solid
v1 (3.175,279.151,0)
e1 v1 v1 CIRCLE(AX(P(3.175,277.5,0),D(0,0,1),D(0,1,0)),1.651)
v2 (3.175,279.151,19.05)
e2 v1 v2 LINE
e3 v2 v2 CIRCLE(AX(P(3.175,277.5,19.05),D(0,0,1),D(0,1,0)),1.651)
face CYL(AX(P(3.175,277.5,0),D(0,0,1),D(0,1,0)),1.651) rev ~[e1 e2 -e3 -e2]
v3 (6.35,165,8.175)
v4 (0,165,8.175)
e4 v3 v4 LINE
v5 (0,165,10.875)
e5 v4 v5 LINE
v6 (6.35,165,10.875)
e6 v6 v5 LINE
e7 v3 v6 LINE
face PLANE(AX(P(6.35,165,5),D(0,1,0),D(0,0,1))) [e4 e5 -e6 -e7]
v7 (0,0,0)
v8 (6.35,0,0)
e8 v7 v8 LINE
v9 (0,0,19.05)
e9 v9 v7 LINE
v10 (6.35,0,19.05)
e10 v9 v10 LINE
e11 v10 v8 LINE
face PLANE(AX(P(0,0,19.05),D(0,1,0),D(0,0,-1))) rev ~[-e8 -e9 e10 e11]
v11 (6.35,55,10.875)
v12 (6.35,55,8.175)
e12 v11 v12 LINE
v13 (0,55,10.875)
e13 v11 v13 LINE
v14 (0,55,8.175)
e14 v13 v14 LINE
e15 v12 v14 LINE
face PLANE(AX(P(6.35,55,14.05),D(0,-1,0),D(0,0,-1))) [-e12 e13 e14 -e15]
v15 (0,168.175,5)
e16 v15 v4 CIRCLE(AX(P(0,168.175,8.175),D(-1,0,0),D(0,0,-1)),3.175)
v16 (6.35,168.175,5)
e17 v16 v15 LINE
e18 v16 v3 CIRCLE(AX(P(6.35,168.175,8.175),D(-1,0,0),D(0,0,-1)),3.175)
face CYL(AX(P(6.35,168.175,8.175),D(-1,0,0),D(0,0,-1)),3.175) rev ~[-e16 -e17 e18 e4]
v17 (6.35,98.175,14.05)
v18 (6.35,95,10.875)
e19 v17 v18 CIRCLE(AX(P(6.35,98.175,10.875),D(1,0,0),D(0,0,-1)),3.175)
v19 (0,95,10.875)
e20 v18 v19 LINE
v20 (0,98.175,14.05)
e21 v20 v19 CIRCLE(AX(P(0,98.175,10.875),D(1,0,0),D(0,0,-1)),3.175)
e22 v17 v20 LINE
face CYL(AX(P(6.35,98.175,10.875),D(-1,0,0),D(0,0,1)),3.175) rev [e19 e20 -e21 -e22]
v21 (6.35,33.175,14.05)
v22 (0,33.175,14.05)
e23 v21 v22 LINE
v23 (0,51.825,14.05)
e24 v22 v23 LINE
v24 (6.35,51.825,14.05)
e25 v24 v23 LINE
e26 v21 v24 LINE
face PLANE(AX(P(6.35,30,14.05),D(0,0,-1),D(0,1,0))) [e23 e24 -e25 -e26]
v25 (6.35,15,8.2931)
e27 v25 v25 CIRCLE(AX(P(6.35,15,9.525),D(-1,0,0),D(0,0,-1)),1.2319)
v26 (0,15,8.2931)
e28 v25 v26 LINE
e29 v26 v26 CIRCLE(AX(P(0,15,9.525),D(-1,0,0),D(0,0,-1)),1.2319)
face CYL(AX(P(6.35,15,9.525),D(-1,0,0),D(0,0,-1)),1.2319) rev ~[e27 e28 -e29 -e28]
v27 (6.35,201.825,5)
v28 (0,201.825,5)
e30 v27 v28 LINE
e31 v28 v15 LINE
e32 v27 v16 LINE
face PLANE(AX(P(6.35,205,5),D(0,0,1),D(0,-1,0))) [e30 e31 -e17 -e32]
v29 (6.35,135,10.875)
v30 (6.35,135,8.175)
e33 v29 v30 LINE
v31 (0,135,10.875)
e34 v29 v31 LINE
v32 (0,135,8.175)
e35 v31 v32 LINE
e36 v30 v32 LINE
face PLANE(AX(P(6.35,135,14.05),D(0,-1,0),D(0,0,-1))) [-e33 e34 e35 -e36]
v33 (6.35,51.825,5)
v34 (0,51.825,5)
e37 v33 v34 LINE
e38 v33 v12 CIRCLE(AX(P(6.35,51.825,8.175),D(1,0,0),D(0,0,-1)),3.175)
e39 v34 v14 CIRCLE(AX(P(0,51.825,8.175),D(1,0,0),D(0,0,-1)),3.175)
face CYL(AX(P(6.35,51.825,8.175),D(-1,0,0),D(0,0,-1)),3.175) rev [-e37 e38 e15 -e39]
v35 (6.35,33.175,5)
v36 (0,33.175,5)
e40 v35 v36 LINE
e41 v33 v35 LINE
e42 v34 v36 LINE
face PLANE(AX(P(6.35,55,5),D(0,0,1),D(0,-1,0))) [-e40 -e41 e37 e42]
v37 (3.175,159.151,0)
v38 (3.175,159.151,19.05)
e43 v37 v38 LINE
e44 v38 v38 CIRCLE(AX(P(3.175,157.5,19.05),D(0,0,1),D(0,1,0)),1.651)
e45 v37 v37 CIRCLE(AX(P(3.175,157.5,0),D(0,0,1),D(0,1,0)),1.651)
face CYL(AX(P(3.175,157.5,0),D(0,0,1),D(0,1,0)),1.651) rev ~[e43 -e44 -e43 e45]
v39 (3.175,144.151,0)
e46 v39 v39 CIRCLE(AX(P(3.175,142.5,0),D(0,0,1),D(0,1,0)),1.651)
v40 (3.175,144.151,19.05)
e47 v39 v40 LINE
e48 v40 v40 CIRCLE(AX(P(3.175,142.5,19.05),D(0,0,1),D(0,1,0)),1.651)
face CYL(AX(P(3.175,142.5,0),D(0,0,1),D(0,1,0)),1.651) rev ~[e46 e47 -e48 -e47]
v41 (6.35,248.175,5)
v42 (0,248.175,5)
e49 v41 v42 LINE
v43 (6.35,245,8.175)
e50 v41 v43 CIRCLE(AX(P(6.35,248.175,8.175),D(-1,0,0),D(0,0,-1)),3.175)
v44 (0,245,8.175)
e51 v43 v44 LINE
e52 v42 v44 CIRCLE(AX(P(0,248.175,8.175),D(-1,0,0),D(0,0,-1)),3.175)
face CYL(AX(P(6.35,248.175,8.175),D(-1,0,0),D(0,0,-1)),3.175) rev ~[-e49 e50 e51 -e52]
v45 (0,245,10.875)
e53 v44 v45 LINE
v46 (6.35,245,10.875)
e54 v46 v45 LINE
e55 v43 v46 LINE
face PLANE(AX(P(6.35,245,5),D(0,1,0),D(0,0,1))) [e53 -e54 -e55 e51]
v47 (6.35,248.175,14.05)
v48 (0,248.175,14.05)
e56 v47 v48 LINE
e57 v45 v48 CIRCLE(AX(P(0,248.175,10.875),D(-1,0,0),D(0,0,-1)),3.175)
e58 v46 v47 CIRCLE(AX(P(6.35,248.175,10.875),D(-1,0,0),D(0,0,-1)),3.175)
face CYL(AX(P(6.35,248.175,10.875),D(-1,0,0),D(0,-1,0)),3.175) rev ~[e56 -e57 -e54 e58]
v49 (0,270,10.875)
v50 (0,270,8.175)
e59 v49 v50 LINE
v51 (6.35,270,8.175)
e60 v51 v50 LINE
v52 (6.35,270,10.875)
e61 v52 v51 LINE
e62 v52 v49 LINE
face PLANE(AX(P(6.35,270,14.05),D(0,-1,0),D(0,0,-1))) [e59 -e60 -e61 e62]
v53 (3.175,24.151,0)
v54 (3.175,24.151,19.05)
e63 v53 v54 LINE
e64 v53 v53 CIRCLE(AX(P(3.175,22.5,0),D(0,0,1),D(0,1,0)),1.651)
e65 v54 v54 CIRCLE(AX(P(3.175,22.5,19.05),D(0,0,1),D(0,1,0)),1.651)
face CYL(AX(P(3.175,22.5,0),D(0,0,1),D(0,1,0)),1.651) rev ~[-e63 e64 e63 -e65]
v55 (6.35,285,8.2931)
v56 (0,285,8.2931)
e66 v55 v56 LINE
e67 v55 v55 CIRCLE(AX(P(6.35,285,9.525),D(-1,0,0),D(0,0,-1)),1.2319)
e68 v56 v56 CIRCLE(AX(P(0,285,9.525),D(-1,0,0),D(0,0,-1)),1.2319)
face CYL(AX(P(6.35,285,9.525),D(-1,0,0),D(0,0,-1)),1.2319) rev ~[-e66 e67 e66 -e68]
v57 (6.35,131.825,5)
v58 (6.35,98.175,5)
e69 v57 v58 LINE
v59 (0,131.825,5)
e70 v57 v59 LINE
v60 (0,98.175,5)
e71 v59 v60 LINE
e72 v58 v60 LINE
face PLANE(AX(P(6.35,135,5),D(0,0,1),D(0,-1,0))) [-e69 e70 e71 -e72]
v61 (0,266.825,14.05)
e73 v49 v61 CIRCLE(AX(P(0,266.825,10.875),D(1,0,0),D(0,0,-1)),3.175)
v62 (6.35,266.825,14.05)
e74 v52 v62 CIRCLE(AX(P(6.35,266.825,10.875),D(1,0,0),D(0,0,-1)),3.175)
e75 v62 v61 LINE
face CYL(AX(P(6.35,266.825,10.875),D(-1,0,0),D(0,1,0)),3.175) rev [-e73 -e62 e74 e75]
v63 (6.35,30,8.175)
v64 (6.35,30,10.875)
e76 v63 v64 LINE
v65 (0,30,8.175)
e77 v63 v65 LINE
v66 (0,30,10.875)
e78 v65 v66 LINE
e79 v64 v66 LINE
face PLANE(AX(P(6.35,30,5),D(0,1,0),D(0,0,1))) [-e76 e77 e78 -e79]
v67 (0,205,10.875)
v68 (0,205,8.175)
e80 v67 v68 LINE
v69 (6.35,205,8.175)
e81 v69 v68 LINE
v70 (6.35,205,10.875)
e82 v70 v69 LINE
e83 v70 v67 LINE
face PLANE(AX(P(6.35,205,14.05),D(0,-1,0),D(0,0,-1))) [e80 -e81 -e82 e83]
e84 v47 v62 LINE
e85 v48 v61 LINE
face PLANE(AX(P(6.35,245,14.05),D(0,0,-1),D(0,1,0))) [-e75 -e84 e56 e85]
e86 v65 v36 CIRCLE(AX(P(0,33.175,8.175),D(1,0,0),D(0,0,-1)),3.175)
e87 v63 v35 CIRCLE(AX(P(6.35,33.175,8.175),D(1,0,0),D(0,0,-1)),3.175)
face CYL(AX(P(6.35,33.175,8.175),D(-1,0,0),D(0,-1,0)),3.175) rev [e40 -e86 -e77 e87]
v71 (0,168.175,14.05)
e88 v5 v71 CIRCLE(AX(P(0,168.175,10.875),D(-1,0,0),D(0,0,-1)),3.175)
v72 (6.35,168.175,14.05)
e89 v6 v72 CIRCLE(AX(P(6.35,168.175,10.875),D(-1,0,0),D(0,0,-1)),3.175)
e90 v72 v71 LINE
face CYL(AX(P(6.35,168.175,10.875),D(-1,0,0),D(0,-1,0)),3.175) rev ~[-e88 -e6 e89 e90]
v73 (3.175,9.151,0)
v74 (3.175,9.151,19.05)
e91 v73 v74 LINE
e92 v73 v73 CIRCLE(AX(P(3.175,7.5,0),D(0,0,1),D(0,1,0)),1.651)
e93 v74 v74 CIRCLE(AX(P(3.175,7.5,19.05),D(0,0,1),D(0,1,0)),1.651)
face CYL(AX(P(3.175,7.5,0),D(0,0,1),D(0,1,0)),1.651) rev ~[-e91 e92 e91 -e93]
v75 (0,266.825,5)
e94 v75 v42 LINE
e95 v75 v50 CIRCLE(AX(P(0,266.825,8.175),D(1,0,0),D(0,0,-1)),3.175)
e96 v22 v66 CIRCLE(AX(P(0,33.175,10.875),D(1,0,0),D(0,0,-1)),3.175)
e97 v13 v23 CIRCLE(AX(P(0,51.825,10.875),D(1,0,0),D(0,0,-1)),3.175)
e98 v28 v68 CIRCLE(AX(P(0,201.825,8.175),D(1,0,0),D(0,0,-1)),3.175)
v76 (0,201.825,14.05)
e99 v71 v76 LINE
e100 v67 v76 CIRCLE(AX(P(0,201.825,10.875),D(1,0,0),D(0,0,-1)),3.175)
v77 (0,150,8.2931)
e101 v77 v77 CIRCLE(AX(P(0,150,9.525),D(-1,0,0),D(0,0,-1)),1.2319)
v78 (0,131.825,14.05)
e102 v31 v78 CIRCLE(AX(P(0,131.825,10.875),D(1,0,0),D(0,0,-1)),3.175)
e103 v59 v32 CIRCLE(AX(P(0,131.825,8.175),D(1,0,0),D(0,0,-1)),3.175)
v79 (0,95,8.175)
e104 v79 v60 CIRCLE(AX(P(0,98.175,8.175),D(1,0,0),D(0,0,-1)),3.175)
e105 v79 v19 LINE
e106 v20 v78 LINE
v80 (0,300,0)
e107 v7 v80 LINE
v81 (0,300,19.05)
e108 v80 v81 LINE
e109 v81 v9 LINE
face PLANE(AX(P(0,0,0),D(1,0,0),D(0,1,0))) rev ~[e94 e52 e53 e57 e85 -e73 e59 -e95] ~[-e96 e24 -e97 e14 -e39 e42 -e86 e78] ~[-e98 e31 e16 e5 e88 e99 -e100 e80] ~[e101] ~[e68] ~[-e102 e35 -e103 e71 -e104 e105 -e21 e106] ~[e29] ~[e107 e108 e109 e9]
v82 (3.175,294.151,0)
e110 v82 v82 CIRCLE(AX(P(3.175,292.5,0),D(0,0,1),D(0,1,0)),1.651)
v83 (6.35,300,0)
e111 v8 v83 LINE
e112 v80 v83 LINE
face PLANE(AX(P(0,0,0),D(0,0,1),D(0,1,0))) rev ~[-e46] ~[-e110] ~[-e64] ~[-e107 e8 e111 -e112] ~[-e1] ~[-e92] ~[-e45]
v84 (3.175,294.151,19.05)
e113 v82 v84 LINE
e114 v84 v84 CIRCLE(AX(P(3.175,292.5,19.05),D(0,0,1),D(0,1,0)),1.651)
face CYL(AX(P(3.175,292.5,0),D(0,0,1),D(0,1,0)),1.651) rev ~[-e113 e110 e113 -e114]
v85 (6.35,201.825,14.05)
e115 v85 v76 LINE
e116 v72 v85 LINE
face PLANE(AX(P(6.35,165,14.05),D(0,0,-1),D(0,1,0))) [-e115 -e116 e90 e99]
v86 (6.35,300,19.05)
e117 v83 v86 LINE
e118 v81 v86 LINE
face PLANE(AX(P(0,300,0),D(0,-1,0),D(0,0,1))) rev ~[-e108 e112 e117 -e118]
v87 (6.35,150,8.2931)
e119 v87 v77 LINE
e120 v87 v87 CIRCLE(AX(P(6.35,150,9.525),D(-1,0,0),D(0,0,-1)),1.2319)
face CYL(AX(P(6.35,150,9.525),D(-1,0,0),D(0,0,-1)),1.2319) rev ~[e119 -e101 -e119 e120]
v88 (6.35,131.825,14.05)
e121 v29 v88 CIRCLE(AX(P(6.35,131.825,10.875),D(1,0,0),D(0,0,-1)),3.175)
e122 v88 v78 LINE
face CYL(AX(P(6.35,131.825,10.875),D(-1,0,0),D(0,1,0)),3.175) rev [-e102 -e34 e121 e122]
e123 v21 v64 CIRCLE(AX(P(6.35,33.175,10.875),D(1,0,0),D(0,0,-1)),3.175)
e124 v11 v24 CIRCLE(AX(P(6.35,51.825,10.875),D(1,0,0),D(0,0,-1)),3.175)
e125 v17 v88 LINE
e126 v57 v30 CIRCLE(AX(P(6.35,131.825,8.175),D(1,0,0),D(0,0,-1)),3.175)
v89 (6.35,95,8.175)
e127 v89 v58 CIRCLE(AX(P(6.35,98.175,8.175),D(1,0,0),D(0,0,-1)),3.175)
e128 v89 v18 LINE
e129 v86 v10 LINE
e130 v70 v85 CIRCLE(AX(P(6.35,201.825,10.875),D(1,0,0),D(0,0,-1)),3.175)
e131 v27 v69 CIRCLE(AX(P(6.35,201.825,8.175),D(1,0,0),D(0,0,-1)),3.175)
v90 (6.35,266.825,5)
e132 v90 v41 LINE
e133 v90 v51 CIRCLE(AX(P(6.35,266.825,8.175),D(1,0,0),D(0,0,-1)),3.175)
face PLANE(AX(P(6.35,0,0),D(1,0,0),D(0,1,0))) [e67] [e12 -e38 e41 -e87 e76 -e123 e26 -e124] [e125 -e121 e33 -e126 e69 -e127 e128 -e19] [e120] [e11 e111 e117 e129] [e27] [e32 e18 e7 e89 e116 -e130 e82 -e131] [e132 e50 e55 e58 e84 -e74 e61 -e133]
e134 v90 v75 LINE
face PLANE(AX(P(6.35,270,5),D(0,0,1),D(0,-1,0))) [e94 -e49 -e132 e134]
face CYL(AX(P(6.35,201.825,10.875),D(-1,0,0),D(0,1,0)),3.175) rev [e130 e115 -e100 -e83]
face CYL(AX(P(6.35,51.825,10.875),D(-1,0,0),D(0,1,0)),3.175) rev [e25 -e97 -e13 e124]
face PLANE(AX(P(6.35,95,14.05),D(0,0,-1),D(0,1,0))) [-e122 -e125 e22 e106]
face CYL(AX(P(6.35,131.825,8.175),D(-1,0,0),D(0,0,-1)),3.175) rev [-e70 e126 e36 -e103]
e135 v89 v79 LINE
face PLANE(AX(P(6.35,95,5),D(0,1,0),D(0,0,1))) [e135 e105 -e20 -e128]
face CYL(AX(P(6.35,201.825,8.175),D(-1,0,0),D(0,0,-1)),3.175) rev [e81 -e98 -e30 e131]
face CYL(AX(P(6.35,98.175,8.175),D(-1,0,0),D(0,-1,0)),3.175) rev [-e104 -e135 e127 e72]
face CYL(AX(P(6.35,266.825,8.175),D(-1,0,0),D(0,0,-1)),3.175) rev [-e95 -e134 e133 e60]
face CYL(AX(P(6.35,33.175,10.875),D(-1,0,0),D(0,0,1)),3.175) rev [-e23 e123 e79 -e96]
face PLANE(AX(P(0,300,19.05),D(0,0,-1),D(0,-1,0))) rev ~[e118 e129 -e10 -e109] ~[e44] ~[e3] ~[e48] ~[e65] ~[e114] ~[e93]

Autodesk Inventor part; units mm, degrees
ref_plane "YZ Plane" through (0, 0, 0) normal (1, 0, 0) x (0, 1, 0)
ref_plane "XZ Plane" through (0, 0, 0) normal (0, 1, 0) x (-1, 0, 0)
ref_plane "XY Plane" through (0, 0, 0) normal (0, 0, 1) x (1, 0, 0)
sketch "Sketch1" plane through (0, 0, 0) normal (1, 0, 0) x (0, 1, 0)
  line L0 (0, 0) -> (300, 0)
  line L1 (300, 0) -> (300, 19.05)
  line L2 (300, 19.05) -> (0, 19.05)
  line L3 (0, 19.05) -> (0, 0)
  dimension "d0" = 300
  dimension "d1" = 19.05
extrude "Extrusion1" add sketch "Sketch1" along normal blind 6.35
sketch "Sketch2" plane through (6.35, 0, 0) normal (1, 0, 0) x (0, 0, -1)
  line L0 (0, 300) -> (-19.05, 300) projected
  line L1 (-19.05, 300) -> (-19.05, 0) projected
  line L2 (-19.05, 0) -> (0, 0) projected
  point P0 (-9.525, 285)
  point P1 (-9.525, 150)
  point P2 (-9.525, 15)
  dimension "d4" = 15
  dimension "d5" = 19.05
  dimension "d6" = 9.525
  dimension "d7" = 15
  dimension "d8" = 9.525
  dimension "d9" = 9.525
  dimension "d10" = 150
hole "Hole1" at (6.35, 285, 9.525) at (6.35, 150, 9.525) at (6.35, 15, 9.525) direction (-1, 0, 0) diameter 2.4638 end through all
sketch "Sketch5" plane through (6.35, 0, 0) normal (1, 0, 0) x (0, 0, -1)
  line L0 (-14.05, 270) -> (-5, 270)
  line L1 (-5, 270) -> (-5, 245)
  line L2 (-5, 245) -> (-14.05, 245)
  line L3 (-14.05, 245) -> (-14.05, 270)
  line L4 (-14.05, 205) -> (-5, 205)
  line L5 (-5, 205) -> (-5, 165)
  line L6 (-5, 165) -> (-14.05, 165)
  line L7 (-14.05, 165) -> (-14.05, 205)
  line L8 (-14.05, 135) -> (-5, 135)
  line L9 (-5, 135) -> (-5, 95)
  line L10 (-5, 95) -> (-14.05, 95)
  line L11 (-14.05, 95) -> (-14.05, 135)
  line L12 (-14.05, 55) -> (-5, 55)
  line L13 (-5, 55) -> (-5, 30)
  line L14 (-5, 30) -> (-14.05, 30)
  line L15 (-14.05, 30) -> (-14.05, 55)
  line L16 (0, 0) -> (0, 300) projected
  line L17 (-19.05, 300) -> (-19.05, 0) projected
  line L18 (0, 300) -> (-19.05, 300) projected
  line L19 (-19.05, 0) -> (0, 0) projected
  dimension "d44" = 5
  dimension "d45" = 5
  dimension "d46" = 30
  dimension "d47" = 30
  dimension "d48" = 55
  dimension "d49" = 95
  dimension "d50" = 135
  dimension "d51" = 55
  dimension "d52" = 95
  dimension "d53" = 135
extrude "Extrusion2" cut sketch "Sketch5" against normal through all contours L0 L1 L2 L3 | L4 L5 L6 L7 | L8 L9 L10 L11 | L12 L13 L14 L15
fillet "Fillet1" radius 3.175 1 edges at (3.175, 270, 5)
fillet "Fillet2" radius 3.175 1 edges at (3.175, 270, 14.05)
fillet "Fillet3" radius 3.175 1 edges at (3.175, 245, 5)
fillet "Fillet4" radius 3.175 1 edges at (3.175, 245, 14.05)
fillet "Fillet5" radius 3.175 1 edges at (3.175, 205, 5)
fillet "Fillet6" radius 3.175 1 edges at (3.175, 205, 14.05)
fillet "Fillet7" radius 3.175 1 edges at (3.175, 165, 5)
fillet "Fillet8" radius 3.175 1 edges at (3.175, 165, 14.05)
fillet "Fillet9" radius 3.175 1 edges at (3.175, 95, 5)
fillet "Fillet10" radius 3.175 1 edges at (3.175, 135, 5)
fillet "Fillet11" radius 3.175 1 edges at (3.175, 135, 14.05)
fillet "Fillet12" radius 3.175 1 edges at (3.175, 95, 14.05)
fillet "Fillet13" radius 3.175 1 edges at (3.175, 55, 5)
fillet "Fillet14" radius 3.175 1 edges at (3.175, 55, 14.05)
fillet "Fillet15" radius 3.175 1 edges at (3.175, 30, 14.05)
fillet "Fillet16" radius 3.175 1 edges at (3.175, 30, 5)
sketch "Sketch7" plane through (0, 0, 0) normal (0, 0, -1) x (-1, 0, 0)
  line L0 (0, 300) -> (-6.35, 300) projected
  line L1 (0, 0) -> (-6.35, 0) projected
  line L2 (-6.35, 0) -> (-6.35, 300) projected
  point P0 (-3.175, 7.5)
  point P1 (-3.175, 22.5)
  point P2 (-3.175, 142.5)
  point P3 (-3.175, 157.5)
  point P4 (-3.175, 277.5)
  point P5 (-3.175, 292.5)
  dimension "d72" = 7.5
  dimension "d73" = 22.5
  dimension "d74" = 142.5
  dimension "d78" = 7.5
  dimension "d79" = 22.5
  dimension "d82" = 142.5
  dimension "d83" = 6.35
  dimension "d84" = 3.175
  dimension "d85" = 3.175
  dimension "d88" = 3.175
  dimension "d89" = 3.175
  dimension "d92" = 3.175
  dimension "d93" = 3.175
hole "Hole3" at (3.175, 7.5, 0) at (3.175, 22.5, 0) at (3.175, 142.5, 0) at (3.175, 157.5, 0) at (3.175, 277.5, 0) at (3.175, 292.5, 0) direction (0, 0, 1) diameter 3.302 end through all thread size "8-32 UNC" class "2B" standard "ANSI Unified Screw Threads"
equation "\"d6\" = 0.5 * d5"
equation "\"d7\" = d4"
equation "\"d8\" = d6"
equation "\"d9\" = d6"
equation "\"d45\" = d44"
equation "\"d47\" = d46"
equation "\"d51\" = d48"
equation "\"d52\" = d49"
equation "\"d53\" = d50"
equation "\"d78\" = d72"
equation "\"d79\" = d73"
equation "\"d82\" = d74"
equation "\"d84\" = 0.5 * d83"
equation "\"d85\" = d84"
equation "\"d88\" = d87"
equation "\"d89\" = d88"
equation "\"d92\" = d91"
equation "\"d93\" = d91"
equation "\"d87\" = d84"
equation "\"d91\" = d89"
properties part number "slides"
